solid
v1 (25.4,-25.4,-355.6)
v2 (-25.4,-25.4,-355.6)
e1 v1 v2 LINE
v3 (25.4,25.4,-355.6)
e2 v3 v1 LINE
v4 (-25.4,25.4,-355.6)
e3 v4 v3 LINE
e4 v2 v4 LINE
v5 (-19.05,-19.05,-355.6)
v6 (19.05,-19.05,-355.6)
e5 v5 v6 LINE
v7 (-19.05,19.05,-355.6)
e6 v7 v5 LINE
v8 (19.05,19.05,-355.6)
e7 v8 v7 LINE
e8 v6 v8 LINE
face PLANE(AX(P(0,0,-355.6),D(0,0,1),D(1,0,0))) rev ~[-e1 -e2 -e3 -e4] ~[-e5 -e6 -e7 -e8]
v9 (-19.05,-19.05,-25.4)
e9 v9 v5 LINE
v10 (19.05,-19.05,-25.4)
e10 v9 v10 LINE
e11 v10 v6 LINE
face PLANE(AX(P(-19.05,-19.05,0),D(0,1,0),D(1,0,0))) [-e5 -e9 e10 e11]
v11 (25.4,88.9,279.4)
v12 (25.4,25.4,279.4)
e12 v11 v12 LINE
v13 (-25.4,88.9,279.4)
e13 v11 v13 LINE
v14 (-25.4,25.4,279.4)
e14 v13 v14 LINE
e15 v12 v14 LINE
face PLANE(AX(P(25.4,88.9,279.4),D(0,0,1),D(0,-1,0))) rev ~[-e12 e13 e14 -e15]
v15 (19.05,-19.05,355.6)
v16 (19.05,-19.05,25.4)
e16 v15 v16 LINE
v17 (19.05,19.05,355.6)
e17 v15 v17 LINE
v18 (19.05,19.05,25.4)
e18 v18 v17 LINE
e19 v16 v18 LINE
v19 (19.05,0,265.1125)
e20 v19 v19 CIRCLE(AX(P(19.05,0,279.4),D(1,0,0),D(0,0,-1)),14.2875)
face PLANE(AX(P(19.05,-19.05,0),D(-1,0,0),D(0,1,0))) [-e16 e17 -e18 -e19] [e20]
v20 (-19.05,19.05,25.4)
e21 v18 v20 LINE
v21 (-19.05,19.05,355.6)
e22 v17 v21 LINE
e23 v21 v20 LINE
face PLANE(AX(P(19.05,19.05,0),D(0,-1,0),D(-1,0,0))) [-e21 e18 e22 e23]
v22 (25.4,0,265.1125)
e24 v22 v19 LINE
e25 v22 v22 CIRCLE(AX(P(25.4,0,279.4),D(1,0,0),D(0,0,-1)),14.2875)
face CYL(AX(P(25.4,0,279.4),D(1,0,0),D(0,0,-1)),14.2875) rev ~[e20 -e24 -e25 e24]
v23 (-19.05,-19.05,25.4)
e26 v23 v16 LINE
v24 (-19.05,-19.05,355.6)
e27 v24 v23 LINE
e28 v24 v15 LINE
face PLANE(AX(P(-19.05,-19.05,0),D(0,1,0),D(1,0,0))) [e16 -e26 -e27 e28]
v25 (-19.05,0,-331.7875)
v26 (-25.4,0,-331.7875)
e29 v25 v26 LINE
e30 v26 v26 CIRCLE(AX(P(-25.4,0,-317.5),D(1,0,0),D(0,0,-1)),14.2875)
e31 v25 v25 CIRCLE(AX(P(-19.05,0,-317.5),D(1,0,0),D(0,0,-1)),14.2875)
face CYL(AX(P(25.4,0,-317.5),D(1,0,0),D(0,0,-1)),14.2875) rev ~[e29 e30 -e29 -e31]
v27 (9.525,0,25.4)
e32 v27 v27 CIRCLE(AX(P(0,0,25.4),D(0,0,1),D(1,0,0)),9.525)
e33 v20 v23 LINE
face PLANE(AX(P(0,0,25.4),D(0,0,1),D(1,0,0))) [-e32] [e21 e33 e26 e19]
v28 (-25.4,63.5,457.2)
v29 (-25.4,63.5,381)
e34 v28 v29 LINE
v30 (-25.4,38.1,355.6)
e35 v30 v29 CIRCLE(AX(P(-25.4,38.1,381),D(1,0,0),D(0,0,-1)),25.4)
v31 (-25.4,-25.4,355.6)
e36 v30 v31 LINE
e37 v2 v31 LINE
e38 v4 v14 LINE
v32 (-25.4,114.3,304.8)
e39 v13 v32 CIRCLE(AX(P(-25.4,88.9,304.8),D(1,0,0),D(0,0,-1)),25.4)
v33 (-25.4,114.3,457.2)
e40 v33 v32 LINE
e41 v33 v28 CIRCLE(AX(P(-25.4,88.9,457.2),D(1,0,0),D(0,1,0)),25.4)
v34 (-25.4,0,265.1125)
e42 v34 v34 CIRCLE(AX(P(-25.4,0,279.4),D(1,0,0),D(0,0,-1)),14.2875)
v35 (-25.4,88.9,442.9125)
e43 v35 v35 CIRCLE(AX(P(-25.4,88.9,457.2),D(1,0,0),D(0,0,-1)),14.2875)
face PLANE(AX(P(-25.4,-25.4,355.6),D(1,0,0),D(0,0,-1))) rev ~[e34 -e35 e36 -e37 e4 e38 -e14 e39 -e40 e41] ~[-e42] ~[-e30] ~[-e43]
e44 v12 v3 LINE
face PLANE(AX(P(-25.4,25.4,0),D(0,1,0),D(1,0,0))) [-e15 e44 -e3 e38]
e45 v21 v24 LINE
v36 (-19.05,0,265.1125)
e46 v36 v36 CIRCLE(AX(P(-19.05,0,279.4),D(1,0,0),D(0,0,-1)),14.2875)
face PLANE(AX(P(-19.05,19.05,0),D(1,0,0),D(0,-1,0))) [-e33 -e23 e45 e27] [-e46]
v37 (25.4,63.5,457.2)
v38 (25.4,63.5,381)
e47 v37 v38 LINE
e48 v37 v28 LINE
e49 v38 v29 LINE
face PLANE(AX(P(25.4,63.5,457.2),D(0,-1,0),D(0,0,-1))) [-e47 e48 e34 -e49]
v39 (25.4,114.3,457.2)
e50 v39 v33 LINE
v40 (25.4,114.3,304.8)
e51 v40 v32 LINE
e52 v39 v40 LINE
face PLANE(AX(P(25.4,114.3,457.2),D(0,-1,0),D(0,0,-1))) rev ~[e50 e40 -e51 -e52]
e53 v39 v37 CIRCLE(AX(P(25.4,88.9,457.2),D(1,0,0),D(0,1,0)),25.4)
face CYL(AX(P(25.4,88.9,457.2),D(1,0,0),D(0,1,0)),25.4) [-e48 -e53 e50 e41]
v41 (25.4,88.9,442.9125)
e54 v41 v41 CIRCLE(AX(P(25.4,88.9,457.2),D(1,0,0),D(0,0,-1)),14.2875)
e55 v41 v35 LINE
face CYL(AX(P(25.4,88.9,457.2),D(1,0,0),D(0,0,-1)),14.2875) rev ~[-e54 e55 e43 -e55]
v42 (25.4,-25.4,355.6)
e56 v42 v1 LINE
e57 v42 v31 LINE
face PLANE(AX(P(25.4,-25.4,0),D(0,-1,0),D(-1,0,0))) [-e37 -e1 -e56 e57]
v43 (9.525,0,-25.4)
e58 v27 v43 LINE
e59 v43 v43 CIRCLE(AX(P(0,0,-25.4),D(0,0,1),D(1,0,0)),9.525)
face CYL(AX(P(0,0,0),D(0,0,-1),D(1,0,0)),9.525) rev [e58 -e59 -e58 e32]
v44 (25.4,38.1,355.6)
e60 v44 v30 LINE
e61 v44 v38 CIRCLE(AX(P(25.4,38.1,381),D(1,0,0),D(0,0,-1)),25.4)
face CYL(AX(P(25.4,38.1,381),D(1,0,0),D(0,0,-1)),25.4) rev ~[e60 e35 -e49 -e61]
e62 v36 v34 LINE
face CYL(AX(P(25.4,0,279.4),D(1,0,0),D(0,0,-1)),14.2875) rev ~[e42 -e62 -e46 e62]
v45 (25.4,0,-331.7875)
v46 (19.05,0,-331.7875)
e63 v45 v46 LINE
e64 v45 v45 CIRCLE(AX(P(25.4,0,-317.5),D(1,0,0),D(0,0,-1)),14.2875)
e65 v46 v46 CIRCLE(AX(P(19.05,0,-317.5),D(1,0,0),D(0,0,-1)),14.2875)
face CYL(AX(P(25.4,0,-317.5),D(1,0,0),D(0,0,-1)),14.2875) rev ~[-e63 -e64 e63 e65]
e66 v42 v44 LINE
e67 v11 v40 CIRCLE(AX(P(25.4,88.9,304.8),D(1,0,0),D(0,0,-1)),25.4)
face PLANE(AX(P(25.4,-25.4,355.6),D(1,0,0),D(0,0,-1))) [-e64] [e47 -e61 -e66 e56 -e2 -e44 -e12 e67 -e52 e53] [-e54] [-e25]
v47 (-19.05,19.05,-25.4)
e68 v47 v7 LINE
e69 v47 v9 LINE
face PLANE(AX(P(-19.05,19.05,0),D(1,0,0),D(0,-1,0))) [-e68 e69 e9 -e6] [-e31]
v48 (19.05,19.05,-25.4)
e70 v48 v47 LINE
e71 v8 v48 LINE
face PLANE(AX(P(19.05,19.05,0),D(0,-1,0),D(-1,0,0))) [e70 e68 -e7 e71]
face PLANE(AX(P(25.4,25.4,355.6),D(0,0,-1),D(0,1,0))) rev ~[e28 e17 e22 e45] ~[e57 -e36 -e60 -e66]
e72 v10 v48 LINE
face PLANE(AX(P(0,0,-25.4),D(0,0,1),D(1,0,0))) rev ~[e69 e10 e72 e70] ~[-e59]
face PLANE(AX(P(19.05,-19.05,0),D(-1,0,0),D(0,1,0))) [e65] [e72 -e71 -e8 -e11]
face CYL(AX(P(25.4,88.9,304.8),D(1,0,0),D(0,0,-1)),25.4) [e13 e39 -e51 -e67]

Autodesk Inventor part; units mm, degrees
ref_plane "YZ Plane" through (0, 0, 0) normal (1, 0, 0) x (0, 1, 0)
ref_plane "XZ Plane" through (0, 0, 0) normal (0, 1, 0) x (-1, 0, 0)
ref_plane "XY Plane" through (0, 0, 0) normal (0, 0, 1) x (1, 0, 0)
sketch "Sketch1" plane through (0, 0, 0) normal (0, 0, 1) x (1, 0, 0)
  line L0 (-25.4, 25.4) -> (25.4, 25.4)
  line L1 (25.4, 25.4) -> (25.4, -25.4)
  line L2 (25.4, -25.4) -> (-25.4, -25.4)
  line L3 (-25.4, -25.4) -> (-25.4, 25.4)
  line L4 (19.05, 19.05) -> (-19.05, 19.05)
  line L5 (-19.05, 19.05) -> (-19.05, -19.05)
  line L6 (-19.05, -19.05) -> (19.05, -19.05)
  line L7 (19.05, -19.05) -> (19.05, 19.05)
  circle A0 centre (0, 0) radius 9.525
  point P0 (0, 25.4)
  point P1 (-25.4, 0)
  dimension "d0" = 50.8
  dimension "d1" = 50.8
  dimension "d2" = 6.35
  dimension "d20" = 19.05
extrude "Extrusion1" add sketch "Sketch1" along normal mid plane 711.2 contours L0 L1 L2 L3
extrude "Extrusion4" add sketch "Sketch1" along normal mid plane 50.8 contours L7 L6 L5 L4
sketch "Sketch2" plane through (25.4, -25.4, 355.6) normal (1, 0, 0) x (0, 0, -1)
  line L0 (711.2, 0) -> (711.2, 50.8) projected
  circle A0 centre (673.1, 25.4) radius 14.2875
  line L1 (0, 50.8) -> (0, 0) projected
  circle A1 centre (76.2, 25.4) radius 14.2875
  point P0 (355.6, 25.4)
  point P1 (711.2, 25.4)
  point P2 (0, 25.4)
  dimension "d5" = 28.575
  dimension "d6" = 38.1
  dimension "d18" = 76.2
extrude "Extrusion2" cut sketch "Sketch2" against normal up to surface (50.8 mm away)
sketch "Sketch3" plane through (25.4, -25.4, 355.6) normal (1, 0, 0) x (0, 0, -1)
  line L0 (0, 0) -> (711.2, 0) projected
  line L1 (0, 50.8) -> (711.2, 50.8) projected
  arc A0 (-101.6, 139.7) -> (-101.6, 88.9) centre (-101.6, 114.3) ccw
  circle A1 centre (-101.6, 114.3) radius 14.2875
  line L2 (-101.6, 88.9) -> (-25.4, 88.9)
  line L3 (-101.6, 139.7) -> (50.8, 139.7)
  line L4 (0, 50.8) -> (0, 63.5)
  line L5 (76.2, 114.3) -> (76.2, 50.8)
  arc A2 (76.2, 114.3) -> (50.8, 139.7) centre (50.8, 114.3) ccw
  arc A3 (0, 63.5) -> (-25.4, 88.9) centre (-25.4, 63.5) ccw
  point P0 (355.6, 25.4)
  point P1 (0, 88.9)
  point P2 (76.2, 139.7)
  dimension "d9" = 28.575
  dimension "d10" = 25.4
  dimension "d11" = 101.6
  dimension "d12" = 76.2
  dimension "d13" = 38.1
  dimension "d14" = 25.4
extrude "Extrusion3" add sketch "Sketch3" against normal up to surface (50.8 mm away)
properties part number "Arm"
